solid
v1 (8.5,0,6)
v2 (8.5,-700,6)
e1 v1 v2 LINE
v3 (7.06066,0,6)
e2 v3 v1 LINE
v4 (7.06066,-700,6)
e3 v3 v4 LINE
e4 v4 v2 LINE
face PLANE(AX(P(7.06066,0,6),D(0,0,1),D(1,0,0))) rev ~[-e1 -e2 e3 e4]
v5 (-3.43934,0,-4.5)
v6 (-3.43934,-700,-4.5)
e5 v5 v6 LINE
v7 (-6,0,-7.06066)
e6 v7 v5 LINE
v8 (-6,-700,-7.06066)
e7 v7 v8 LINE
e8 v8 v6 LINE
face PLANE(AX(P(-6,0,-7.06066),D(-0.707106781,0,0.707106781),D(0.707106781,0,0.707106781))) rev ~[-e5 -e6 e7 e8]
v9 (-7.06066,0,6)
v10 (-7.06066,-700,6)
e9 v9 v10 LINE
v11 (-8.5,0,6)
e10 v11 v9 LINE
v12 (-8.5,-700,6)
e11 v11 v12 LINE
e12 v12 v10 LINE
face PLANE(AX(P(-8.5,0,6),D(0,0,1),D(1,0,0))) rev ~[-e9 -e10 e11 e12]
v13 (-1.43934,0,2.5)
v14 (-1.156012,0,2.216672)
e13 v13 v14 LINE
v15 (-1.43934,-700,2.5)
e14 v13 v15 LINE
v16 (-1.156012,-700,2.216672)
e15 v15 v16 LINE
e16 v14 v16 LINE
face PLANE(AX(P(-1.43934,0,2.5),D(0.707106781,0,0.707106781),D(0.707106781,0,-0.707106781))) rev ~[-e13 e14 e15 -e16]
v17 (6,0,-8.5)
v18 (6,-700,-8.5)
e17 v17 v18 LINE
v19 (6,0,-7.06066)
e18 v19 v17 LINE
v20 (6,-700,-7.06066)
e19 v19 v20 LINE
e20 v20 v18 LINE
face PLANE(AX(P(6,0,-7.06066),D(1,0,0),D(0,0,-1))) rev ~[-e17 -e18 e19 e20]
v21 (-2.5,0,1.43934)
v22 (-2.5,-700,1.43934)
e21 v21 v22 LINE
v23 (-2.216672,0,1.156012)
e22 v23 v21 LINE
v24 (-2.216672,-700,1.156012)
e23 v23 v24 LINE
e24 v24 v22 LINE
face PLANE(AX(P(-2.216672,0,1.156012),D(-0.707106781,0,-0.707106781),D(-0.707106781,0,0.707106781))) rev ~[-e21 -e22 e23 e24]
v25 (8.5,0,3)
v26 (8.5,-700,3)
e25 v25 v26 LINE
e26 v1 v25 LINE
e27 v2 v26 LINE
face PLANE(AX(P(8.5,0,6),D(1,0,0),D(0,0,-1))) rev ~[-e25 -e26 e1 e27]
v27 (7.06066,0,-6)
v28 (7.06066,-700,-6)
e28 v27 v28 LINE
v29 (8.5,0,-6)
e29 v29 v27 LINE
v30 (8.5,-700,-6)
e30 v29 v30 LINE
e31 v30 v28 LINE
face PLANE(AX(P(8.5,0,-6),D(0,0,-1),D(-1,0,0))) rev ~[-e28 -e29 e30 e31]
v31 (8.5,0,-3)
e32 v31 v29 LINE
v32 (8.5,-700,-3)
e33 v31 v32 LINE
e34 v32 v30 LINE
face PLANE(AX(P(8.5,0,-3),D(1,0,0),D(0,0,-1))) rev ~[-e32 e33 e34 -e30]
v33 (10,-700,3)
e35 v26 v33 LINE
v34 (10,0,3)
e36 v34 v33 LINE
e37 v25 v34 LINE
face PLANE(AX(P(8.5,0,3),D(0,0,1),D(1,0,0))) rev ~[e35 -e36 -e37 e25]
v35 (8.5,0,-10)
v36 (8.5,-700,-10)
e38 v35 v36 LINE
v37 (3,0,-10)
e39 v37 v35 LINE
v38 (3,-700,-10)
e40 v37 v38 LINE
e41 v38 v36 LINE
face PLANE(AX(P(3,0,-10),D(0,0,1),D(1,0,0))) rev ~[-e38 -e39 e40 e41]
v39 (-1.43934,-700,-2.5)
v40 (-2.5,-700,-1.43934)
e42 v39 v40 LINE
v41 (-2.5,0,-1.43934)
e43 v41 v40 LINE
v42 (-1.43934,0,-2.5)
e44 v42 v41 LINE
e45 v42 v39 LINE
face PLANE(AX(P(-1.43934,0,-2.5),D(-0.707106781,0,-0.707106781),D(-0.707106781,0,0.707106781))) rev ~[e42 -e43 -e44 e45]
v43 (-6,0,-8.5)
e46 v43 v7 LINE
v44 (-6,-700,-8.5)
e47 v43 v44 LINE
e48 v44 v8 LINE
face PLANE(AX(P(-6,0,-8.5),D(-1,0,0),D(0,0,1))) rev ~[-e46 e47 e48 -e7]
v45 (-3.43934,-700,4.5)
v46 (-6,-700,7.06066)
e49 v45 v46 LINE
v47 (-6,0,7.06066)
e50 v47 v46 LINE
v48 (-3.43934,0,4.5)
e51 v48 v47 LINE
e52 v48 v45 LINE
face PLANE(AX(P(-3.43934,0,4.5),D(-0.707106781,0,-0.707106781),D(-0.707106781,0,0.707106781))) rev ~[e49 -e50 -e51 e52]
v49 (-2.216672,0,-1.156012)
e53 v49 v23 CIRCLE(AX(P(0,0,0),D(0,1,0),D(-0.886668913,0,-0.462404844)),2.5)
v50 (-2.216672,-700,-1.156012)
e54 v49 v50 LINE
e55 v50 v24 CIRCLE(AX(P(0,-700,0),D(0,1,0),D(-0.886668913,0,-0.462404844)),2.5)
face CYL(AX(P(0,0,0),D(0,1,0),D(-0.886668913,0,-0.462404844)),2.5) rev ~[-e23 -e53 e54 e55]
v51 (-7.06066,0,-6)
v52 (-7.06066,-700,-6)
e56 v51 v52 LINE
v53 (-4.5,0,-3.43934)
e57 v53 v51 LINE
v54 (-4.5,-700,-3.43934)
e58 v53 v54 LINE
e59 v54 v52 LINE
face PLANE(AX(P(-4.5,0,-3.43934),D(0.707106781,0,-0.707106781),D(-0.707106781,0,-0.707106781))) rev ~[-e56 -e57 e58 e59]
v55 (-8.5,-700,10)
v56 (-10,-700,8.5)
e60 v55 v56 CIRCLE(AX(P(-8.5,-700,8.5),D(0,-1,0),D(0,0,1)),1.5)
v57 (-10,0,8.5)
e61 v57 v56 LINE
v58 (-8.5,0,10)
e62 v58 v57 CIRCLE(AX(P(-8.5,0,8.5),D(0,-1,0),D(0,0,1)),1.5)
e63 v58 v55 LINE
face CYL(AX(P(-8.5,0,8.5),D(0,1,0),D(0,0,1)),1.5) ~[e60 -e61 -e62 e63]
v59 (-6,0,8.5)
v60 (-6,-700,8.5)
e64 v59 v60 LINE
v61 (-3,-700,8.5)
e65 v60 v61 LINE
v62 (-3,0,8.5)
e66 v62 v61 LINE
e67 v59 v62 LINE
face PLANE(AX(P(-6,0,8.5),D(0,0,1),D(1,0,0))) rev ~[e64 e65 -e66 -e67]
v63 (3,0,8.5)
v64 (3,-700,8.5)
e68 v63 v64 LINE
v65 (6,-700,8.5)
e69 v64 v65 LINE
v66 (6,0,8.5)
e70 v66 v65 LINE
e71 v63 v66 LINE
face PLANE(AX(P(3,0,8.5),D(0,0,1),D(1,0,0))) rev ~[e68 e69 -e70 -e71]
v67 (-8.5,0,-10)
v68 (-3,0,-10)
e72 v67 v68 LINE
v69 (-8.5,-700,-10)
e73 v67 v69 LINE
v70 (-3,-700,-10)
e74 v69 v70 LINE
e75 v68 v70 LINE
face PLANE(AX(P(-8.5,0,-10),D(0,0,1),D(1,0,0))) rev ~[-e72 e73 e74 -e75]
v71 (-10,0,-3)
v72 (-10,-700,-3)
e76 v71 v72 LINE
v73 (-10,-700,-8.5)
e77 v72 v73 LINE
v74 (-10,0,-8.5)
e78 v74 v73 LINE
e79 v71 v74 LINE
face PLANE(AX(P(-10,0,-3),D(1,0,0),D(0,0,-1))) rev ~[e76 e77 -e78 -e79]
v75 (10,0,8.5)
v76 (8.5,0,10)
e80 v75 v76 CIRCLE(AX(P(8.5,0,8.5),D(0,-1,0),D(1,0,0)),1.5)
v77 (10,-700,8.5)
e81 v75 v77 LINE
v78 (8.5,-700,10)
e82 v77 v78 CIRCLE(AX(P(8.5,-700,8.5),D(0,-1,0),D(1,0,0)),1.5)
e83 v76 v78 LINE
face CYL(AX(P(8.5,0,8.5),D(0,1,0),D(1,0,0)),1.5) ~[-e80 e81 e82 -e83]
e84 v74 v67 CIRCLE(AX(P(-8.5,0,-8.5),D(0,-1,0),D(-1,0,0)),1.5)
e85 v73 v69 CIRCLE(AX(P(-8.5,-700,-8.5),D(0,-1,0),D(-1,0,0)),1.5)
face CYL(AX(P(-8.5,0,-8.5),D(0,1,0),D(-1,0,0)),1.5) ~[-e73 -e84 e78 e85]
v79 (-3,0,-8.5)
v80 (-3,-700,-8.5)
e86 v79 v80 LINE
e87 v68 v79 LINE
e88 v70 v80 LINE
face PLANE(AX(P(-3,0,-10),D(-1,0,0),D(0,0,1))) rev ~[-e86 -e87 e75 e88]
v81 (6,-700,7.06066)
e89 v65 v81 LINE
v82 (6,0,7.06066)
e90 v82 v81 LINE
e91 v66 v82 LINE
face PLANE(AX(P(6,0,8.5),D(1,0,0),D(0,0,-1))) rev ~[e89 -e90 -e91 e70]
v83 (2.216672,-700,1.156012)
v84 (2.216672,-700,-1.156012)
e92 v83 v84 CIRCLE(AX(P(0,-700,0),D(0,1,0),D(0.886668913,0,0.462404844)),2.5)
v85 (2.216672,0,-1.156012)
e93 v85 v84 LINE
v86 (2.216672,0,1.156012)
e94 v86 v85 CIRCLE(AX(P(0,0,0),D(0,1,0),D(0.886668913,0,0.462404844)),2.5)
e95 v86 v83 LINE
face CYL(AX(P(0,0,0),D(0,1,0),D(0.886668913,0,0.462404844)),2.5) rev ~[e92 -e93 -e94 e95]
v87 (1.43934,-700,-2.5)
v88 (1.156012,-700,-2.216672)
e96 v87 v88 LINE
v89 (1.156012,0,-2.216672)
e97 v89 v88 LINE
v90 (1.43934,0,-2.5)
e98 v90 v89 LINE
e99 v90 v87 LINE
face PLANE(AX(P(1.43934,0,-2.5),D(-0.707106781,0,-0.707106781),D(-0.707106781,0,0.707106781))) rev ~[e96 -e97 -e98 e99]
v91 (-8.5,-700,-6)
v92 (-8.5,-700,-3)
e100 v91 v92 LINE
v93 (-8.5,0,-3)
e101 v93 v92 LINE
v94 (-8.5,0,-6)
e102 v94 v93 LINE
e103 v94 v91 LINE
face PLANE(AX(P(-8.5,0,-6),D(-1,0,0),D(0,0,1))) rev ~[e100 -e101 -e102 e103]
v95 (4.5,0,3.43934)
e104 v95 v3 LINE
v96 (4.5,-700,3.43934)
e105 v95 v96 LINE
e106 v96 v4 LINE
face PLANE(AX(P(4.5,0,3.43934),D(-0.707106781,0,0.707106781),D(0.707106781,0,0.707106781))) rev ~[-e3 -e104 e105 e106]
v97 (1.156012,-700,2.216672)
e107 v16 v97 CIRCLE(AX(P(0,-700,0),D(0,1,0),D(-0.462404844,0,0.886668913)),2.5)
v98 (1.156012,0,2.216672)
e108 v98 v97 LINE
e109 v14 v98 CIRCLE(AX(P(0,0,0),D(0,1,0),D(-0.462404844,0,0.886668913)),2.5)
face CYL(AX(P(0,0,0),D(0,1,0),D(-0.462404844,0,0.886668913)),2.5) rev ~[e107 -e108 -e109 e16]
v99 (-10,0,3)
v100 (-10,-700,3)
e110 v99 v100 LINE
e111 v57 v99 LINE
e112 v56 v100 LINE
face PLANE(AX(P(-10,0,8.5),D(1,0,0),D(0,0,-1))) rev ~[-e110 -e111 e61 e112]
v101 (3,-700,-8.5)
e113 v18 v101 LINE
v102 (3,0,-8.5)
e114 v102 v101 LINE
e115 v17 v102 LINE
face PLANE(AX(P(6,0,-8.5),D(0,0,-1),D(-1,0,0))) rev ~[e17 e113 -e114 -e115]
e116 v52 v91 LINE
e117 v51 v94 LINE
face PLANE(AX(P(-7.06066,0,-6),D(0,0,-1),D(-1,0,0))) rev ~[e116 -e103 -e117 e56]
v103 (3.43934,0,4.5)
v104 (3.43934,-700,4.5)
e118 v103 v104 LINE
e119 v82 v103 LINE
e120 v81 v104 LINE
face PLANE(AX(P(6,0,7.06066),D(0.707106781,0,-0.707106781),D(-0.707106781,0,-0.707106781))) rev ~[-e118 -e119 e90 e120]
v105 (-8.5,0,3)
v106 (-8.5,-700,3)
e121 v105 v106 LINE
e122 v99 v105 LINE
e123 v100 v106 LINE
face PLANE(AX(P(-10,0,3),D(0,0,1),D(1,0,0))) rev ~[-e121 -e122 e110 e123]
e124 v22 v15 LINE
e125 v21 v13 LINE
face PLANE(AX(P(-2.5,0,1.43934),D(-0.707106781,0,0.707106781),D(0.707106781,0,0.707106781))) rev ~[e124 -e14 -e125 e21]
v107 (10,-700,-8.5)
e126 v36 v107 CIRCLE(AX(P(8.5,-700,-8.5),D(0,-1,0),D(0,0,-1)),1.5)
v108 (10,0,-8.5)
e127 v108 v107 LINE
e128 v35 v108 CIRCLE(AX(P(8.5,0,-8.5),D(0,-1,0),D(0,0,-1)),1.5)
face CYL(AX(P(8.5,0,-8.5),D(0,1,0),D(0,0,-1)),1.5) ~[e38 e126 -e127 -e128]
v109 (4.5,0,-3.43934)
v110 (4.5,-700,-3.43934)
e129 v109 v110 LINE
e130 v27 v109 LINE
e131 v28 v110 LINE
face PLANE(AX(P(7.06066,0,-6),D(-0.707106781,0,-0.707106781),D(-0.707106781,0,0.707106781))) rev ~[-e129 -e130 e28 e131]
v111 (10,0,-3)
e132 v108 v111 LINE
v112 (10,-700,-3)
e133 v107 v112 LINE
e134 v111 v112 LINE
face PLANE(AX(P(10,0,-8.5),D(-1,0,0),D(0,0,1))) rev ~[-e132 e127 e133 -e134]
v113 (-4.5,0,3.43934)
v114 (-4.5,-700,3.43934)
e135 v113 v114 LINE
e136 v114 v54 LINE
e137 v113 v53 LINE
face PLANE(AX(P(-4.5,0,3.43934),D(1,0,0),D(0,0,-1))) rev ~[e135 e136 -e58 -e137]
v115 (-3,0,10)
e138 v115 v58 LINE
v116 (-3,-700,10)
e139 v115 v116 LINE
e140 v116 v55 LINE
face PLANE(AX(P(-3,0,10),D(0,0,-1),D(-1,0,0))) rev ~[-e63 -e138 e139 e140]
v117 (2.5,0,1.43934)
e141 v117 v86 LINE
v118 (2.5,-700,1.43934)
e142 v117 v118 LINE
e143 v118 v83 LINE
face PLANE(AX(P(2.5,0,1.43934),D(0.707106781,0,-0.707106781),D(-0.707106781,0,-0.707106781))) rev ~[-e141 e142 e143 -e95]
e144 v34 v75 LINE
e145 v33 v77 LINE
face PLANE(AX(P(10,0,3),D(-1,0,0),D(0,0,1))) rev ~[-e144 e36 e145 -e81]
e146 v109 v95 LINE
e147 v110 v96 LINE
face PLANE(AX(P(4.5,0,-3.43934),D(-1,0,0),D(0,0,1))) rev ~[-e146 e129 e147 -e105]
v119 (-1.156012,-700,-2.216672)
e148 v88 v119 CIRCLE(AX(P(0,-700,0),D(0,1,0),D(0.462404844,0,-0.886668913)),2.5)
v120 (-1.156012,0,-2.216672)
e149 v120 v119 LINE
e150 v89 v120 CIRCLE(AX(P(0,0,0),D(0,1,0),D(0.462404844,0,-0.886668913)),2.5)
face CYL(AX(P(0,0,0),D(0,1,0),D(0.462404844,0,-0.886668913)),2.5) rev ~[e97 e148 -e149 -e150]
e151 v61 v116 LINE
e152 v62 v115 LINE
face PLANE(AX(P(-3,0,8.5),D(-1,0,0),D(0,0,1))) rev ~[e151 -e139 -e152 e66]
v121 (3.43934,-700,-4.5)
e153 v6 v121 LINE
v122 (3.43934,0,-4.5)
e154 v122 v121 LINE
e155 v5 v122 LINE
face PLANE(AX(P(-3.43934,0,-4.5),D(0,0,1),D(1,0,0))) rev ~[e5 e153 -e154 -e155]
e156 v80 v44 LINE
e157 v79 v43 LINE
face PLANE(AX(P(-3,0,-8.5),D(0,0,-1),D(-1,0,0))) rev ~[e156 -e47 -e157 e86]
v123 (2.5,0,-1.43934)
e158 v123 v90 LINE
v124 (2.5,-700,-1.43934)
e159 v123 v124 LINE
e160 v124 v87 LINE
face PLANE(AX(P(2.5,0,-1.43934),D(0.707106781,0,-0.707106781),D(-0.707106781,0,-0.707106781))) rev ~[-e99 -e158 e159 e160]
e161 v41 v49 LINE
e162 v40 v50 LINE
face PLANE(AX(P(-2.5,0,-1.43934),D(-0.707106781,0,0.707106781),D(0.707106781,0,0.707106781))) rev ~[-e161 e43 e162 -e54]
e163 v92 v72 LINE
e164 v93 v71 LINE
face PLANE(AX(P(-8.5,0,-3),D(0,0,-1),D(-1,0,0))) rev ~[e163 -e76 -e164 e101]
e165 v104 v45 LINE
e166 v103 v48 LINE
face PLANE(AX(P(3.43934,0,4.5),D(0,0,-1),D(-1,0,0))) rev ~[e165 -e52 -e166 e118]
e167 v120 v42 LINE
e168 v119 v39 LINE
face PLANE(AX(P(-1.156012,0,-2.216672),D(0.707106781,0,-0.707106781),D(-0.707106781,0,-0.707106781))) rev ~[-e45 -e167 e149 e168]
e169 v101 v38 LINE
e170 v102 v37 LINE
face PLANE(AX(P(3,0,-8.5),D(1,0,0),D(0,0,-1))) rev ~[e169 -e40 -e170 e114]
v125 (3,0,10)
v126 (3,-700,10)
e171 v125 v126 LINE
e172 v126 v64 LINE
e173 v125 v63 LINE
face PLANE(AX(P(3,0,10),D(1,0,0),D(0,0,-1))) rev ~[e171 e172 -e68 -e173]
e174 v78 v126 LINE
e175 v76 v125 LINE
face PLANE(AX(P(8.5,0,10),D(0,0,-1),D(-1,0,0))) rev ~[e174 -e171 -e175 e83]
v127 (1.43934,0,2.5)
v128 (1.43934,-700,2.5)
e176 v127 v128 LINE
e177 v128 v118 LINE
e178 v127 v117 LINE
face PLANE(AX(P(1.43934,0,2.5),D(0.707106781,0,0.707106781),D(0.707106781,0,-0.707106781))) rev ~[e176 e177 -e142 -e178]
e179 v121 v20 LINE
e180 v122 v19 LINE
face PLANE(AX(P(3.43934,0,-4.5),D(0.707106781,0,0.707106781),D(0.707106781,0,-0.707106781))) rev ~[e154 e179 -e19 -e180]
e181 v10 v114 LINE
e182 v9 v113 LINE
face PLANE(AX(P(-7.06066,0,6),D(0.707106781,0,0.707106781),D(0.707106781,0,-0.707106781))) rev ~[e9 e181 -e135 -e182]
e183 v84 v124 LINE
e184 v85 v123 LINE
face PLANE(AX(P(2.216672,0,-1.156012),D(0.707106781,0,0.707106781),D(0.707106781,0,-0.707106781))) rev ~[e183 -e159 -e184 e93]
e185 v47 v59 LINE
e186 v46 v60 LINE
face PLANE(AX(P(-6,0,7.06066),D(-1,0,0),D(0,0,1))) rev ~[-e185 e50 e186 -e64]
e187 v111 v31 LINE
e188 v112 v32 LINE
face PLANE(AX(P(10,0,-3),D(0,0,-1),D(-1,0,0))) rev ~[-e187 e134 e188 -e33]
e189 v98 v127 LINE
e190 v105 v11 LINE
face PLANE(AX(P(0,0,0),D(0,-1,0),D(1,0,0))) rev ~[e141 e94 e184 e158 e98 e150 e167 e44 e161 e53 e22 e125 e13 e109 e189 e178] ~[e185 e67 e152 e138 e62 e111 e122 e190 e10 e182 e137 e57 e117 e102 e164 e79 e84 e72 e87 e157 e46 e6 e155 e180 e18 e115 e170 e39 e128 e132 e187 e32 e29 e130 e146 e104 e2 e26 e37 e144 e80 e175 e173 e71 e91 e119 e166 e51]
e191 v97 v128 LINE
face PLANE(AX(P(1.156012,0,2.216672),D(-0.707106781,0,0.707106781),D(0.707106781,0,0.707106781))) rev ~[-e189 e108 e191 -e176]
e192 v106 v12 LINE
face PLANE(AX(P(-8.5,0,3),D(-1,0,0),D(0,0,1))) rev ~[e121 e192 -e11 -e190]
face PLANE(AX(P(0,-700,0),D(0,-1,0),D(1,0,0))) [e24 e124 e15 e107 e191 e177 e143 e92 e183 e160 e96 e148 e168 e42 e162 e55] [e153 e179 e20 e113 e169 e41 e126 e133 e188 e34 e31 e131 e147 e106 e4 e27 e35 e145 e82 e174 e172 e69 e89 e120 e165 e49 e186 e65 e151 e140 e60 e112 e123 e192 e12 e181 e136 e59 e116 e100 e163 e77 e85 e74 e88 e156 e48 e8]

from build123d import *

# Parameters (mm, degrees)
F1_DEPTH = 700


with BuildPart() as f1:
    # F0 (on Front) → F1 (new body)
    with BuildSketch(Plane.XZ):
        with BuildLine():
            Line((3, -10), (8.5, -10))
            ThreePointArc((8.5, -10), (9.5606601718, -9.5606601718), (10, -8.5))
            Line((10, -8.5), (10, -3))
            Line((10, -3), (8.5, -3))
            Line((8.5, -3), (8.5, -6))
            Line((8.5, -6), (7.0606601718, -6))
            Line((7.0606601718, -6), (4.5, -3.4393398282))
            Line((4.5, -3.4393398282), (4.5, 3.4393398282))
            Line((4.5, 3.4393398282), (7.0606601718, 6))
            Line((7.0606601718, 6), (8.5, 6))
            Line((8.5, 6), (8.5, 3))
            Line((8.5, 3), (10, 3))
            Line((10, 3), (10, 8.5))
            ThreePointArc((10, 8.5), (9.5606601718, 9.5606601718), (8.5, 10))
            Line((8.5, 10), (3, 10))
            Line((3, 10), (3, 8.5))
            Line((3, 8.5), (6, 8.5))
            Line((6, 8.5), (6, 7.0606601718))
            Line((6, 7.0606601718), (3.4393398282, 4.5))
            Line((3.4393398282, 4.5), (-3.4393398282, 4.5))
            Line((-3.4393398282, 4.5), (-6, 7.0606601718))
            Line((-6, 7.0606601718), (-6, 8.5))
            Line((-6, 8.5), (-3, 8.5))
            Line((-3, 8.5), (-3, 10))
            Line((-3, 10), (-8.5, 10))
            ThreePointArc((-8.5, 10), (-9.5606601718, 9.5606601718), (-10, 8.5))
            Line((-10, 8.5), (-10, 3))
            Line((-10, 3), (-8.5, 3))
            Line((-8.5, 3), (-8.5, 6))
            Line((-8.5, 6), (-7.0606601718, 6))
            Line((-7.0606601718, 6), (-4.5, 3.4393398282))
            Line((-4.5, 3.4393398282), (-4.5, -3.4393398282))
            Line((-4.5, -3.4393398282), (-7.0606601718, -6))
            Line((-7.0606601718, -6), (-8.5, -6))
            Line((-8.5, -6), (-8.5, -3))
            Line((-8.5, -3), (-10, -3))
            Line((-10, -3), (-10, -8.5))
            ThreePointArc((-10, -8.5), (-9.5606601718, -9.5606601718), (-8.5, -10))
            Line((-8.5, -10), (-3, -10))
            Line((-3, -10), (-3, -8.5))
            Line((-3, -8.5), (-6, -8.5))
            Line((-6, -8.5), (-6, -7.0606601718))
            Line((-6, -7.0606601718), (-3.4393398282, -4.5))
            Line((-3.4393398282, -4.5), (3.4393398282, -4.5))
            Line((3.4393398282, -4.5), (6, -7.0606601718))
            Line((6, -7.0606601718), (6, -8.5))
            Line((6, -8.5), (3, -8.5))
            Line((3, -8.5), (3, -10))
        make_face()
        with BuildLine():
            ThreePointArc((-1.1560121095, 2.2166722813), (0, 2.5), (1.1560121095, 2.2166722813))
            Line((1.1560121095, 2.2166722813), (1.4393398282, 2.5))
            Line((1.4393398282, 2.5), (2.5, 1.4393398282))
            Line((2.5, 1.4393398282), (2.2166722813, 1.1560121095))
            ThreePointArc((2.2166722813, 1.1560121095), (2.5, 0), (2.2166722813, -1.1560121095))
            Line((2.2166722813, -1.1560121095), (2.5, -1.4393398282))
            Line((2.5, -1.4393398282), (1.4393398282, -2.5))
            Line((1.4393398282, -2.5), (1.1560121095, -2.2166722813))
            ThreePointArc((1.1560121095, -2.2166722813), (0, -2.5), (-1.1560121095, -2.2166722813))
            Line((-1.1560121095, -2.2166722813), (-1.4393398282, -2.5))
            Line((-1.4393398282, -2.5), (-2.5, -1.4393398282))
            Line((-2.5, -1.4393398282), (-2.2166722813, -1.1560121095))
            ThreePointArc((-2.2166722813, -1.1560121095), (-2.5, 0), (-2.2166722813, 1.1560121095))
            Line((-2.2166722813, 1.1560121095), (-2.5, 1.4393398282))
            Line((-2.5, 1.4393398282), (-1.4393398282, 2.5))
            Line((-1.4393398282, 2.5), (-1.1560121095, 2.2166722813))
        make_face(mode=Mode.SUBTRACT)
    extrude(amount=F1_DEPTH)


solid = f1.part
